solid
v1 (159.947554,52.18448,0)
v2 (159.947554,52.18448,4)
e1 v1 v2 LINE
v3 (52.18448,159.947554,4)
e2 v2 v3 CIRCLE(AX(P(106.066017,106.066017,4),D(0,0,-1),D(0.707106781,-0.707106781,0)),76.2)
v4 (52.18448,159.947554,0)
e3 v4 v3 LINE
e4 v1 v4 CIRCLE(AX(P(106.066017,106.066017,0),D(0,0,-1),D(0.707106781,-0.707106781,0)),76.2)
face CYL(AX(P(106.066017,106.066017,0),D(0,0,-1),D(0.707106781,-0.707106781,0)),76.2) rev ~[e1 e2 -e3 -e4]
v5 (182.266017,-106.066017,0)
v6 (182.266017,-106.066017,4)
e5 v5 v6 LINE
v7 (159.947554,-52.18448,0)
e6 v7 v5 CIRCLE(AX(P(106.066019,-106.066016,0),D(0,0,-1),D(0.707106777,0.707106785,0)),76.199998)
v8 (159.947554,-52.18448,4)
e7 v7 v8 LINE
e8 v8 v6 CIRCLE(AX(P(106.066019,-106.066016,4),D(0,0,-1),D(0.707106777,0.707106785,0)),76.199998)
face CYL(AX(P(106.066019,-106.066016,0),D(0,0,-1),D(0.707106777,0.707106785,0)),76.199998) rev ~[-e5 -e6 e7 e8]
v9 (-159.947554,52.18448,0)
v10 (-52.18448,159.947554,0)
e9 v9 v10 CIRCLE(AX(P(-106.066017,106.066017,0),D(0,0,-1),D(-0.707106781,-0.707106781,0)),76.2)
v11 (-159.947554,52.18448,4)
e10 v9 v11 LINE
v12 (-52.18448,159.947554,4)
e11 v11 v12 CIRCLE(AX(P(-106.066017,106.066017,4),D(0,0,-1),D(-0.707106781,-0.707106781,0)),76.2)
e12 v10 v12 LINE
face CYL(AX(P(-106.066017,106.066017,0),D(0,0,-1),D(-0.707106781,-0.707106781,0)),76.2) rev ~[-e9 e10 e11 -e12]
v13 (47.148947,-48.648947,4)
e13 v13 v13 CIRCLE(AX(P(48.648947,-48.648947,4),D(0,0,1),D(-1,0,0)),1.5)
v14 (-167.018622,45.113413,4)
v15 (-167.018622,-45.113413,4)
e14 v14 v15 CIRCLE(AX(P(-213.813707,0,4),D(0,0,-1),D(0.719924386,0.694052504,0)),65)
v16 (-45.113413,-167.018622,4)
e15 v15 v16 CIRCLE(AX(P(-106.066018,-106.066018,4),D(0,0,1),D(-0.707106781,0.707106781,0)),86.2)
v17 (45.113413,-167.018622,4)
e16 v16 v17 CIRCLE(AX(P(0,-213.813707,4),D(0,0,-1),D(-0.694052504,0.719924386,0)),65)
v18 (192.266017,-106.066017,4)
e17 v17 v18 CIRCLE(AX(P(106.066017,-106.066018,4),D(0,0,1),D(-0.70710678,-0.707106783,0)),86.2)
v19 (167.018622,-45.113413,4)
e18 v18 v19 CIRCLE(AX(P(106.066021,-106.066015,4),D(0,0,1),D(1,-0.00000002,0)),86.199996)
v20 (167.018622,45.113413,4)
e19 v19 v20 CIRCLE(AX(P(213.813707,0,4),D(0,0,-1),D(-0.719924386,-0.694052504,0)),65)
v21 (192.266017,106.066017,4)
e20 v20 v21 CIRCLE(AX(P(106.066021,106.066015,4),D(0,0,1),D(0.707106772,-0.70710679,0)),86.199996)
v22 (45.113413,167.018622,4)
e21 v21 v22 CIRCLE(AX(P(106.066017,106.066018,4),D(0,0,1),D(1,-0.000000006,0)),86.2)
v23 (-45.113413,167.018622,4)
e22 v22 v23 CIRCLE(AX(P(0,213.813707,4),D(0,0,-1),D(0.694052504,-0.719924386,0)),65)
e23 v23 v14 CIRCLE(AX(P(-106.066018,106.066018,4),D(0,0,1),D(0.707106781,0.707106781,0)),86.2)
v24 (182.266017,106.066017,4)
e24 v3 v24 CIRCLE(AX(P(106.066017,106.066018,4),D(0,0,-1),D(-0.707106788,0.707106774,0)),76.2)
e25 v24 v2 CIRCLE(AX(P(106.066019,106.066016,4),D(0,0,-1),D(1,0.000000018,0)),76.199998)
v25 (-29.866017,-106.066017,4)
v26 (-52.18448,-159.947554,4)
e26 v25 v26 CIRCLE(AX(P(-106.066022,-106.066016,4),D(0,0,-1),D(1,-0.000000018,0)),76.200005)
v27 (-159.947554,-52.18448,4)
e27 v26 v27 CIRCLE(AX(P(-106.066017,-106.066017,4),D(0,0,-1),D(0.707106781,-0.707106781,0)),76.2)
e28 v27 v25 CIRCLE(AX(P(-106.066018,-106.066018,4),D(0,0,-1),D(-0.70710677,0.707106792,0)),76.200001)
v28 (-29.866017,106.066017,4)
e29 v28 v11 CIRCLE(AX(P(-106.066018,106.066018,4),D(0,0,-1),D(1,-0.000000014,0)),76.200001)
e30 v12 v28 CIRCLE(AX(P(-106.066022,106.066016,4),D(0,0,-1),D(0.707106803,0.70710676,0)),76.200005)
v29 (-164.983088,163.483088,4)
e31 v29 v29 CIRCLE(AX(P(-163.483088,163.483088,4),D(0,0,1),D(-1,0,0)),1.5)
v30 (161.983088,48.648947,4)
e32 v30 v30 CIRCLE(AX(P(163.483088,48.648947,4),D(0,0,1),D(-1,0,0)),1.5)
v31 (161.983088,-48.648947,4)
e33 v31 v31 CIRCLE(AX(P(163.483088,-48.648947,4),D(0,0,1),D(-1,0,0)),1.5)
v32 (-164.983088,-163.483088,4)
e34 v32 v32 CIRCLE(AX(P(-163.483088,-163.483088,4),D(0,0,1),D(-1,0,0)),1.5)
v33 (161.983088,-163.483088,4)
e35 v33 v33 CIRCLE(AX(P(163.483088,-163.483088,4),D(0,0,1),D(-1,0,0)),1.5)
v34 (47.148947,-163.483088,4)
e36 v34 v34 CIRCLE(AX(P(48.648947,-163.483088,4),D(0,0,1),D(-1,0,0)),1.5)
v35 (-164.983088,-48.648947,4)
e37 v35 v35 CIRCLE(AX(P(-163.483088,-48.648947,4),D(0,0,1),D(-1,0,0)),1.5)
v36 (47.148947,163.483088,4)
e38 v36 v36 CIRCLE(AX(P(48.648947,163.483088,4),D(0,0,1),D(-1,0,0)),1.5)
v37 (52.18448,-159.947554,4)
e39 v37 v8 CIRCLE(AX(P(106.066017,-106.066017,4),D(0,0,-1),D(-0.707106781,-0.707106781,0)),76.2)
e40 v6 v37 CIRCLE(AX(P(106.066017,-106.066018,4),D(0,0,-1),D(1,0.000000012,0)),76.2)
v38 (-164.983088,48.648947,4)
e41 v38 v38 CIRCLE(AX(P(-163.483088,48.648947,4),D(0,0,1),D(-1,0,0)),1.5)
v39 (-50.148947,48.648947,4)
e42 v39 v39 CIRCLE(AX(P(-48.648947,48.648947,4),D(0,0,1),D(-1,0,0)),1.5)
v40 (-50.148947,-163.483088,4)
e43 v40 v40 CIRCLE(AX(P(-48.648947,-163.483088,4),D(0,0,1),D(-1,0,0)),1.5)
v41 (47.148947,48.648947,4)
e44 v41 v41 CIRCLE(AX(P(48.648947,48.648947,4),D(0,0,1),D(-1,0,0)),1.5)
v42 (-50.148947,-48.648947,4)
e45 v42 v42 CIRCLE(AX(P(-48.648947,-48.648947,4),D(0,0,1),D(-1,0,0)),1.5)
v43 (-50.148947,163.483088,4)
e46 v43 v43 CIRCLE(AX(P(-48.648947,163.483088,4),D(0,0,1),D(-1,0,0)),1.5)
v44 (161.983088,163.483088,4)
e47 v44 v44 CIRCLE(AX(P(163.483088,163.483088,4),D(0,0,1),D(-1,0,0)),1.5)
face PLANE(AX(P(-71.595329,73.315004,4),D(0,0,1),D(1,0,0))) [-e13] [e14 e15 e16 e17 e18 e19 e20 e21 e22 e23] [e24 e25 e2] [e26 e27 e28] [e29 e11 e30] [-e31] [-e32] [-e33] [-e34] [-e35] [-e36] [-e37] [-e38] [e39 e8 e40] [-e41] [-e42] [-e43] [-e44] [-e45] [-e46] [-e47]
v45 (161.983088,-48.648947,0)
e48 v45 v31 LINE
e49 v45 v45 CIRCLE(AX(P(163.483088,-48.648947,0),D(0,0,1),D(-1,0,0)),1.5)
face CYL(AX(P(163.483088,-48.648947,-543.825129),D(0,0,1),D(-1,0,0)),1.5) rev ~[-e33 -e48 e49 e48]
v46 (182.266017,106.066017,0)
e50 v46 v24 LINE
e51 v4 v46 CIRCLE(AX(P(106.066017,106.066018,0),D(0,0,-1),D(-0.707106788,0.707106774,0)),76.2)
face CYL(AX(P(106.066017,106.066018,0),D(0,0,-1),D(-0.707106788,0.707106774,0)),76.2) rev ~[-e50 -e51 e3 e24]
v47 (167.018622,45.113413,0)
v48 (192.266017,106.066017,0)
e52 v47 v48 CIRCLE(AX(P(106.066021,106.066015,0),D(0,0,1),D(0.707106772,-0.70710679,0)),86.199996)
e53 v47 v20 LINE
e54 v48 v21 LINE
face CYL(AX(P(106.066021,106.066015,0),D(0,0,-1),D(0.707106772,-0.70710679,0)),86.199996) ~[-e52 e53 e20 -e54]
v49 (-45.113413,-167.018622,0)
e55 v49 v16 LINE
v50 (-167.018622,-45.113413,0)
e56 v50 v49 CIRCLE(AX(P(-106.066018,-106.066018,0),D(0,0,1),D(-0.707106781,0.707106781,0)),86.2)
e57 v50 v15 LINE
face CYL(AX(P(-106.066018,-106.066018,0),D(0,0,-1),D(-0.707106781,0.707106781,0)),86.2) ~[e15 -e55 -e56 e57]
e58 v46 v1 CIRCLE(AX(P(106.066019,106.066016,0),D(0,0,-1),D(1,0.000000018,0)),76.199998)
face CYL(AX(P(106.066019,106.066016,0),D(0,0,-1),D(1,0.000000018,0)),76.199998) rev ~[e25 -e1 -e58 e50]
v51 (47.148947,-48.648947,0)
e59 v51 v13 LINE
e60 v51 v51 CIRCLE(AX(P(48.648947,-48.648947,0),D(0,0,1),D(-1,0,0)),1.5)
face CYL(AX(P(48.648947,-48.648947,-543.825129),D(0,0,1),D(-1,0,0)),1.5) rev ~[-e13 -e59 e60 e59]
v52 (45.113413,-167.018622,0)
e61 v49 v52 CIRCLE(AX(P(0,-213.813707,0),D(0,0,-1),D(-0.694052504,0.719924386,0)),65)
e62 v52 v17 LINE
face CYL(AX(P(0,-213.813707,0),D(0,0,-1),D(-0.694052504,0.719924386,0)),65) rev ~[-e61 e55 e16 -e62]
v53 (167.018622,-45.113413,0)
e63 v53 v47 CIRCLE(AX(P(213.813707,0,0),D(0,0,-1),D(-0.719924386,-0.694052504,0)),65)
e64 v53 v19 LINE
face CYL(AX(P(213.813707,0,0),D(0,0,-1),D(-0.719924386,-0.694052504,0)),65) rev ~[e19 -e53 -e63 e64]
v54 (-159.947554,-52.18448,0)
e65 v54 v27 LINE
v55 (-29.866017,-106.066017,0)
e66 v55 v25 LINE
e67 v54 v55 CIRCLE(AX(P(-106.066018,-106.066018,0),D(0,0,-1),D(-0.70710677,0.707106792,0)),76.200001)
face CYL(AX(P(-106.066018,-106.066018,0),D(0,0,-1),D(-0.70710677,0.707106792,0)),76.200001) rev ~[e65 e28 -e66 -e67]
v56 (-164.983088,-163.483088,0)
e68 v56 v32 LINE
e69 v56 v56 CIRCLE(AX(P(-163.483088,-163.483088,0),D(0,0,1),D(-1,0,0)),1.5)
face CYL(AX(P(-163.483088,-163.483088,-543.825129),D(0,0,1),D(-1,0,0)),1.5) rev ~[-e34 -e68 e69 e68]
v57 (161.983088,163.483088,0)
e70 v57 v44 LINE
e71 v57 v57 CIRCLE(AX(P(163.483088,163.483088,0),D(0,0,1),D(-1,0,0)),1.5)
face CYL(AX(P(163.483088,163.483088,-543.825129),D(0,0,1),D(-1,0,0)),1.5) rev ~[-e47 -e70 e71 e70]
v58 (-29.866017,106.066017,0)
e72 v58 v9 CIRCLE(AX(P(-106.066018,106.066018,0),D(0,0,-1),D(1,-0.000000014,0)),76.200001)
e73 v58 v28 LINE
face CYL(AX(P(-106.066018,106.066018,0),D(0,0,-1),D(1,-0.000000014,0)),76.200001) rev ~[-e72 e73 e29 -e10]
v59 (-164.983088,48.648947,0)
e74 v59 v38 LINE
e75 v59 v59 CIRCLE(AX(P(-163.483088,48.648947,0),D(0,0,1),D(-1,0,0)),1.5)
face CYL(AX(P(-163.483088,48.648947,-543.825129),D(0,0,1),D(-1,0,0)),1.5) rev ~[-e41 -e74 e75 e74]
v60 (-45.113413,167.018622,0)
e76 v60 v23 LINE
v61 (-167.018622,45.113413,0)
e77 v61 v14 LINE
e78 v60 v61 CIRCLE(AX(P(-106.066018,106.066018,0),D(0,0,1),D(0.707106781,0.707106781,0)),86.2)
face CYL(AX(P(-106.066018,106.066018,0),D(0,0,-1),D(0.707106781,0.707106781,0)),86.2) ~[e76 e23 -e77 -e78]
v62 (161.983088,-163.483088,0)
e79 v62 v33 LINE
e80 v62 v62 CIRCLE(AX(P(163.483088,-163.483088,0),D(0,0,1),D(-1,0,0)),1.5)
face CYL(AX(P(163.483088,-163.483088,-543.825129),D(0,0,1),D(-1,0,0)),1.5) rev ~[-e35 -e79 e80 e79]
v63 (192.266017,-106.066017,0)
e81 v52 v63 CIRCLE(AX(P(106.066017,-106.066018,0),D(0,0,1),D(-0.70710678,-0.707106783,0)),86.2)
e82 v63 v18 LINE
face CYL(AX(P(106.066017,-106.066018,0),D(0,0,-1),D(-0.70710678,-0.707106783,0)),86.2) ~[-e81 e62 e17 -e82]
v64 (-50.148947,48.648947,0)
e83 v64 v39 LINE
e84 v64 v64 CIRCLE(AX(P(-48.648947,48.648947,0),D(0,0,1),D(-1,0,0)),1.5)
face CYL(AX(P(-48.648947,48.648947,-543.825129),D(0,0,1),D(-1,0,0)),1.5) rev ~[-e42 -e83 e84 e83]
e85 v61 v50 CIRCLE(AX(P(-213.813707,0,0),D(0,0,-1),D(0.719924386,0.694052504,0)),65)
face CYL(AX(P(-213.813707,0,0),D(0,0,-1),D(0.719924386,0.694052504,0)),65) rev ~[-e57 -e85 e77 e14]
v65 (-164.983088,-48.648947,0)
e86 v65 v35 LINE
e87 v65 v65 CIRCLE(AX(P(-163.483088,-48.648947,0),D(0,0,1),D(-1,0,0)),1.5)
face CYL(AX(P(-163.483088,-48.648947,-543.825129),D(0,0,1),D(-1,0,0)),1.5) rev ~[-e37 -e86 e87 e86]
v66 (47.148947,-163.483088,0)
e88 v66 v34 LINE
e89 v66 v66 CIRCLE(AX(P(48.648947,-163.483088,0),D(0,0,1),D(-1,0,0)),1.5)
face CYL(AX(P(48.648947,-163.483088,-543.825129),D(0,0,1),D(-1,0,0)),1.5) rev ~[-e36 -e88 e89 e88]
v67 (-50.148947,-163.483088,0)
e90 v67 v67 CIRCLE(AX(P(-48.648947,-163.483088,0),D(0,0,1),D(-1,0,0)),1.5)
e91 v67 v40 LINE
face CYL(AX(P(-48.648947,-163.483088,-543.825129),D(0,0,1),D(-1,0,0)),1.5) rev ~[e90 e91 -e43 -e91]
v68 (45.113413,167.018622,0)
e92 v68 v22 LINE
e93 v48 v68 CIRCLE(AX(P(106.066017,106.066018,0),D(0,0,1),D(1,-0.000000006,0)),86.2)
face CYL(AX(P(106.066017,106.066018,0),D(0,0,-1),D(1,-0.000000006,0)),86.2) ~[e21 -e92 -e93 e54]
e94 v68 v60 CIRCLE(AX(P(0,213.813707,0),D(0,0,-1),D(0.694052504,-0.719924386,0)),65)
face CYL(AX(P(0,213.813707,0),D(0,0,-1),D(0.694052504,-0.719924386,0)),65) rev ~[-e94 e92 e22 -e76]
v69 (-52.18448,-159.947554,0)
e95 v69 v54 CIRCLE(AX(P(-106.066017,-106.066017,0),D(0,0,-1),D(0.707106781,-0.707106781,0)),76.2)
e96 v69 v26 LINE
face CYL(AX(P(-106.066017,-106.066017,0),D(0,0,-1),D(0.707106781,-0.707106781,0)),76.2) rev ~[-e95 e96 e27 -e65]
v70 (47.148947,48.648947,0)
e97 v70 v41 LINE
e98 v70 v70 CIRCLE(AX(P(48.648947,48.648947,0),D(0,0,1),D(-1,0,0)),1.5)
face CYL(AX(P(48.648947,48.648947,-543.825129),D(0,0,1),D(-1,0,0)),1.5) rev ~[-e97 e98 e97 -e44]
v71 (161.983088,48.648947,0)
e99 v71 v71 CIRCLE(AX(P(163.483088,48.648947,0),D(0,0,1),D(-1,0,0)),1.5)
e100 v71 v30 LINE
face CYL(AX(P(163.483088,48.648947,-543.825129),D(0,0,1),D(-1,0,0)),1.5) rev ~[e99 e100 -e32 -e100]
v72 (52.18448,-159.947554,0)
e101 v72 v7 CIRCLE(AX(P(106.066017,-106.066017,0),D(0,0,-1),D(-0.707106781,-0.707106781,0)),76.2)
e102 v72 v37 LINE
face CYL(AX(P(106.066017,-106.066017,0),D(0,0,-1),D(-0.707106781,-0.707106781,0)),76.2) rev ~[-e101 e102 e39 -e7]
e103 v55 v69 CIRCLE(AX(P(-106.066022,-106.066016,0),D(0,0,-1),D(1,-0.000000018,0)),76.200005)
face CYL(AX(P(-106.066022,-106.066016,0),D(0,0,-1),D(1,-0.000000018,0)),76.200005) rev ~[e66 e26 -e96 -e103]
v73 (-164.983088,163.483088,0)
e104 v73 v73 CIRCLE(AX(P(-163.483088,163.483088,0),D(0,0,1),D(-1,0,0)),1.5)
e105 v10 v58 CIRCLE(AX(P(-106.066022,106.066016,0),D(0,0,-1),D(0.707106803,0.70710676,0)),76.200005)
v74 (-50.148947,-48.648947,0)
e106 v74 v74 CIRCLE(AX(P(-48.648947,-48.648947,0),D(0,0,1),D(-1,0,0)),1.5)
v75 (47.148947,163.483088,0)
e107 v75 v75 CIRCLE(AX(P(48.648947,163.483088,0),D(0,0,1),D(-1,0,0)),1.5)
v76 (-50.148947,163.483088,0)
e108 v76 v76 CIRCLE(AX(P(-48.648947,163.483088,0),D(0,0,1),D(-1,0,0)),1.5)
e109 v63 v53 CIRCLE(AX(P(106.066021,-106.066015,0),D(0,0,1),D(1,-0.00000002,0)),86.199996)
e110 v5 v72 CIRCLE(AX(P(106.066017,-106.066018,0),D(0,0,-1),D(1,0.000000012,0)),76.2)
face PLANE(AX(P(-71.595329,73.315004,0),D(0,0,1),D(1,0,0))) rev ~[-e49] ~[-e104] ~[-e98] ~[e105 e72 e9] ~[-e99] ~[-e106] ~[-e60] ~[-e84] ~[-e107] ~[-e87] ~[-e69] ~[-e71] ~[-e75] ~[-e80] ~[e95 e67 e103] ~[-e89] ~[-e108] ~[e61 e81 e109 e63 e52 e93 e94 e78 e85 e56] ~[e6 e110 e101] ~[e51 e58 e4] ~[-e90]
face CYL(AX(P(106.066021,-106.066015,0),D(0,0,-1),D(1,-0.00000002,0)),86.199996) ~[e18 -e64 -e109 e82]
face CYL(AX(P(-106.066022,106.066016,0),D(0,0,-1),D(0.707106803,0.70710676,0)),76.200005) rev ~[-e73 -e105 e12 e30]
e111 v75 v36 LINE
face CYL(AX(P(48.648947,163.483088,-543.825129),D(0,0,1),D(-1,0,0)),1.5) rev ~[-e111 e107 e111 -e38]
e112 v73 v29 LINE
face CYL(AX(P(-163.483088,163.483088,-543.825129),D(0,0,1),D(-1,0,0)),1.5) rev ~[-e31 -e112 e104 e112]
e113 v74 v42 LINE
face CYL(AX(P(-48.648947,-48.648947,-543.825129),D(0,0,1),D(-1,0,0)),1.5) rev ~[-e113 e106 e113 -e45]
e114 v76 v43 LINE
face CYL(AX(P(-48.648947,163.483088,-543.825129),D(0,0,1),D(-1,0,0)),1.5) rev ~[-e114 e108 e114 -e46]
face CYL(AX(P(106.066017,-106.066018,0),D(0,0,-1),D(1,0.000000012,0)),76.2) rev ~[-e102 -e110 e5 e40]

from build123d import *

# Parameters (mm, degrees)
F1_DEPTH = 4
F2_D     = 3


with BuildPart() as f1:
    # F0 (on Top) → F1 (new body)
    with BuildSketch(Plane.XY):
        with BuildLine():
            ThreePointArc((-52.18448, 159.947554), (-35.666397, 135.226495), (-29.866017, 106.066017))
            ThreePointArc((-29.866017, 106.066017), (-76.90554, 35.666397), (-159.947554, 52.18448))
            Line((-159.947554, 52.18448), (-167.018622, 45.113413))
            ThreePointArc((-167.018622, 45.113413), (-73.078705, 26.427601), (-19.866017, 106.066017))
            ThreePointArc((-19.866017, 106.066017), (-26.427601, 139.053329), (-45.113413, 167.018622))
            Line((-45.113413, 167.018622), (-52.18448, 159.947554))
        make_face()
        with BuildLine():
            ThreePointArc((-159.947554, 52.18448), (-159.947554, 159.947554), (-52.18448, 159.947554))
            Line((-52.18448, 159.947554), (-45.113413, 167.018622))
            ThreePointArc((-45.113413, 167.018622), (-167.018622, 167.018622), (-167.018622, 45.113413))
            Line((-167.018622, 45.113413), (-159.947554, 52.18448))
        make_face()
        with BuildLine():
            ThreePointArc((45.113413, 167.018622), (0, 148.813707), (-45.113413, 167.018622))
            ThreePointArc((-45.113413, 167.018622), (-26.427601, 139.053329), (-19.866017, 106.066017))
            ThreePointArc((-19.866017, 106.066017), (-73.078705, 26.427601), (-167.018622, 45.113413))
            ThreePointArc((-167.018622, 45.113413), (-148.813707, 0), (-167.018622, -45.113413))
            ThreePointArc((-167.018622, -45.113413), (-73.078705, -26.427601), (-19.866017, -106.066017))
            ThreePointArc((-19.866017, -106.066017), (-26.427601, -139.053329), (-45.113413, -167.018622))
            ThreePointArc((-45.113413, -167.018622), (0, -148.813707), (45.113413, -167.018622))
            ThreePointArc((45.113413, -167.018622), (45.113413, -45.113413), (167.018622, -45.113413))
            ThreePointArc((167.018622, -45.113413), (148.813707, 0), (167.018622, 45.113413))
            ThreePointArc((167.018622, 45.113413), (45.113413, 45.113413), (45.113413, 167.018622))
        make_face()
        with BuildLine():
            Line((52.18448, 159.947554), (45.113413, 167.018622))
            ThreePointArc((45.113413, 167.018622), (45.113413, 45.113413), (167.018622, 45.113413))
            Line((167.018622, 45.113413), (159.947554, 52.18448))
            ThreePointArc((159.947554, 52.18448), (52.18448, 52.18448), (52.18448, 159.947554))
        make_face()
        with BuildLine():
            ThreePointArc((192.266017, 106.066017), (139.053329, 185.704433), (45.113413, 167.018622))
            Line((45.113413, 167.018622), (52.18448, 159.947554))
            ThreePointArc((52.18448, 159.947554), (135.226495, 176.465638), (182.266017, 106.066017))
            ThreePointArc((182.266017, 106.066017), (176.465638, 76.90554), (159.947554, 52.18448))
            Line((159.947554, 52.18448), (167.018622, 45.113413))
            ThreePointArc((167.018622, 45.113413), (185.704433, 73.078705), (192.266017, 106.066017))
        make_face()
        with BuildLine():
            Line((159.947554, -52.18448), (167.018622, -45.113413))
            ThreePointArc((167.018622, -45.113413), (45.113413, -45.113413), (45.113413, -167.018622))
            Line((45.113413, -167.018622), (52.18448, -159.947554))
            ThreePointArc((52.18448, -159.947554), (52.18448, -52.18448), (159.947554, -52.18448))
        make_face()
        with BuildLine():
            ThreePointArc((192.266017, -106.066017), (185.704433, -73.078705), (167.018622, -45.113413))
            Line((167.018622, -45.113413), (159.947554, -52.18448))
            ThreePointArc((159.947554, -52.18448), (176.465638, -76.90554), (182.266017, -106.066017))
            ThreePointArc((182.266017, -106.066017), (135.226495, -176.465638), (52.18448, -159.947554))
            Line((52.18448, -159.947554), (45.113413, -167.018622))
            ThreePointArc((45.113413, -167.018622), (139.053329, -185.704433), (192.266017, -106.066017))
        make_face()
        with BuildLine():
            Line((-159.947554, -52.18448), (-167.018622, -45.113413))
            ThreePointArc((-167.018622, -45.113413), (-167.018622, -167.018622), (-45.113413, -167.018622))
            Line((-45.113413, -167.018622), (-52.18448, -159.947554))
            ThreePointArc((-52.18448, -159.947554), (-159.947554, -159.947554), (-159.947554, -52.18448))
        make_face()
        with BuildLine():
            ThreePointArc((-19.866017, -106.066017), (-73.078705, -26.427601), (-167.018622, -45.113413))
            Line((-167.018622, -45.113413), (-159.947554, -52.18448))
            ThreePointArc((-159.947554, -52.18448), (-76.90554, -35.666397), (-29.866017, -106.066017))
            ThreePointArc((-29.866017, -106.066017), (-35.666397, -135.226495), (-52.18448, -159.947554))
            Line((-52.18448, -159.947554), (-45.113413, -167.018622))
            ThreePointArc((-45.113413, -167.018622), (-26.427601, -139.053329), (-19.866017, -106.066017))
        make_face()
    extrude(amount=F1_DEPTH)

    # F2 (through all)
    with Locations(Plane(origin=(0, 0, 0), x_dir=(1, 0, 0), z_dir=(0, 0, -1))):
        with Locations((-163.483088, 163.483088), (-48.648947, 163.483088), (-48.648947, 48.648947), (-163.483088, 48.648947), (-163.483088, -48.648947), (-48.648947, -48.648947), (-48.648947, -163.483088), (-163.483088, -163.483088), (48.648947, -163.483088), (48.648947, -48.648947), (163.483088, -48.648947), (163.483088, -163.483088), (163.483088, 163.483088), (163.483088, 48.648947), (48.648947, 48.648947), (48.648947, 163.483088)):
            Hole(F2_D / 2)


solid = f1.part
